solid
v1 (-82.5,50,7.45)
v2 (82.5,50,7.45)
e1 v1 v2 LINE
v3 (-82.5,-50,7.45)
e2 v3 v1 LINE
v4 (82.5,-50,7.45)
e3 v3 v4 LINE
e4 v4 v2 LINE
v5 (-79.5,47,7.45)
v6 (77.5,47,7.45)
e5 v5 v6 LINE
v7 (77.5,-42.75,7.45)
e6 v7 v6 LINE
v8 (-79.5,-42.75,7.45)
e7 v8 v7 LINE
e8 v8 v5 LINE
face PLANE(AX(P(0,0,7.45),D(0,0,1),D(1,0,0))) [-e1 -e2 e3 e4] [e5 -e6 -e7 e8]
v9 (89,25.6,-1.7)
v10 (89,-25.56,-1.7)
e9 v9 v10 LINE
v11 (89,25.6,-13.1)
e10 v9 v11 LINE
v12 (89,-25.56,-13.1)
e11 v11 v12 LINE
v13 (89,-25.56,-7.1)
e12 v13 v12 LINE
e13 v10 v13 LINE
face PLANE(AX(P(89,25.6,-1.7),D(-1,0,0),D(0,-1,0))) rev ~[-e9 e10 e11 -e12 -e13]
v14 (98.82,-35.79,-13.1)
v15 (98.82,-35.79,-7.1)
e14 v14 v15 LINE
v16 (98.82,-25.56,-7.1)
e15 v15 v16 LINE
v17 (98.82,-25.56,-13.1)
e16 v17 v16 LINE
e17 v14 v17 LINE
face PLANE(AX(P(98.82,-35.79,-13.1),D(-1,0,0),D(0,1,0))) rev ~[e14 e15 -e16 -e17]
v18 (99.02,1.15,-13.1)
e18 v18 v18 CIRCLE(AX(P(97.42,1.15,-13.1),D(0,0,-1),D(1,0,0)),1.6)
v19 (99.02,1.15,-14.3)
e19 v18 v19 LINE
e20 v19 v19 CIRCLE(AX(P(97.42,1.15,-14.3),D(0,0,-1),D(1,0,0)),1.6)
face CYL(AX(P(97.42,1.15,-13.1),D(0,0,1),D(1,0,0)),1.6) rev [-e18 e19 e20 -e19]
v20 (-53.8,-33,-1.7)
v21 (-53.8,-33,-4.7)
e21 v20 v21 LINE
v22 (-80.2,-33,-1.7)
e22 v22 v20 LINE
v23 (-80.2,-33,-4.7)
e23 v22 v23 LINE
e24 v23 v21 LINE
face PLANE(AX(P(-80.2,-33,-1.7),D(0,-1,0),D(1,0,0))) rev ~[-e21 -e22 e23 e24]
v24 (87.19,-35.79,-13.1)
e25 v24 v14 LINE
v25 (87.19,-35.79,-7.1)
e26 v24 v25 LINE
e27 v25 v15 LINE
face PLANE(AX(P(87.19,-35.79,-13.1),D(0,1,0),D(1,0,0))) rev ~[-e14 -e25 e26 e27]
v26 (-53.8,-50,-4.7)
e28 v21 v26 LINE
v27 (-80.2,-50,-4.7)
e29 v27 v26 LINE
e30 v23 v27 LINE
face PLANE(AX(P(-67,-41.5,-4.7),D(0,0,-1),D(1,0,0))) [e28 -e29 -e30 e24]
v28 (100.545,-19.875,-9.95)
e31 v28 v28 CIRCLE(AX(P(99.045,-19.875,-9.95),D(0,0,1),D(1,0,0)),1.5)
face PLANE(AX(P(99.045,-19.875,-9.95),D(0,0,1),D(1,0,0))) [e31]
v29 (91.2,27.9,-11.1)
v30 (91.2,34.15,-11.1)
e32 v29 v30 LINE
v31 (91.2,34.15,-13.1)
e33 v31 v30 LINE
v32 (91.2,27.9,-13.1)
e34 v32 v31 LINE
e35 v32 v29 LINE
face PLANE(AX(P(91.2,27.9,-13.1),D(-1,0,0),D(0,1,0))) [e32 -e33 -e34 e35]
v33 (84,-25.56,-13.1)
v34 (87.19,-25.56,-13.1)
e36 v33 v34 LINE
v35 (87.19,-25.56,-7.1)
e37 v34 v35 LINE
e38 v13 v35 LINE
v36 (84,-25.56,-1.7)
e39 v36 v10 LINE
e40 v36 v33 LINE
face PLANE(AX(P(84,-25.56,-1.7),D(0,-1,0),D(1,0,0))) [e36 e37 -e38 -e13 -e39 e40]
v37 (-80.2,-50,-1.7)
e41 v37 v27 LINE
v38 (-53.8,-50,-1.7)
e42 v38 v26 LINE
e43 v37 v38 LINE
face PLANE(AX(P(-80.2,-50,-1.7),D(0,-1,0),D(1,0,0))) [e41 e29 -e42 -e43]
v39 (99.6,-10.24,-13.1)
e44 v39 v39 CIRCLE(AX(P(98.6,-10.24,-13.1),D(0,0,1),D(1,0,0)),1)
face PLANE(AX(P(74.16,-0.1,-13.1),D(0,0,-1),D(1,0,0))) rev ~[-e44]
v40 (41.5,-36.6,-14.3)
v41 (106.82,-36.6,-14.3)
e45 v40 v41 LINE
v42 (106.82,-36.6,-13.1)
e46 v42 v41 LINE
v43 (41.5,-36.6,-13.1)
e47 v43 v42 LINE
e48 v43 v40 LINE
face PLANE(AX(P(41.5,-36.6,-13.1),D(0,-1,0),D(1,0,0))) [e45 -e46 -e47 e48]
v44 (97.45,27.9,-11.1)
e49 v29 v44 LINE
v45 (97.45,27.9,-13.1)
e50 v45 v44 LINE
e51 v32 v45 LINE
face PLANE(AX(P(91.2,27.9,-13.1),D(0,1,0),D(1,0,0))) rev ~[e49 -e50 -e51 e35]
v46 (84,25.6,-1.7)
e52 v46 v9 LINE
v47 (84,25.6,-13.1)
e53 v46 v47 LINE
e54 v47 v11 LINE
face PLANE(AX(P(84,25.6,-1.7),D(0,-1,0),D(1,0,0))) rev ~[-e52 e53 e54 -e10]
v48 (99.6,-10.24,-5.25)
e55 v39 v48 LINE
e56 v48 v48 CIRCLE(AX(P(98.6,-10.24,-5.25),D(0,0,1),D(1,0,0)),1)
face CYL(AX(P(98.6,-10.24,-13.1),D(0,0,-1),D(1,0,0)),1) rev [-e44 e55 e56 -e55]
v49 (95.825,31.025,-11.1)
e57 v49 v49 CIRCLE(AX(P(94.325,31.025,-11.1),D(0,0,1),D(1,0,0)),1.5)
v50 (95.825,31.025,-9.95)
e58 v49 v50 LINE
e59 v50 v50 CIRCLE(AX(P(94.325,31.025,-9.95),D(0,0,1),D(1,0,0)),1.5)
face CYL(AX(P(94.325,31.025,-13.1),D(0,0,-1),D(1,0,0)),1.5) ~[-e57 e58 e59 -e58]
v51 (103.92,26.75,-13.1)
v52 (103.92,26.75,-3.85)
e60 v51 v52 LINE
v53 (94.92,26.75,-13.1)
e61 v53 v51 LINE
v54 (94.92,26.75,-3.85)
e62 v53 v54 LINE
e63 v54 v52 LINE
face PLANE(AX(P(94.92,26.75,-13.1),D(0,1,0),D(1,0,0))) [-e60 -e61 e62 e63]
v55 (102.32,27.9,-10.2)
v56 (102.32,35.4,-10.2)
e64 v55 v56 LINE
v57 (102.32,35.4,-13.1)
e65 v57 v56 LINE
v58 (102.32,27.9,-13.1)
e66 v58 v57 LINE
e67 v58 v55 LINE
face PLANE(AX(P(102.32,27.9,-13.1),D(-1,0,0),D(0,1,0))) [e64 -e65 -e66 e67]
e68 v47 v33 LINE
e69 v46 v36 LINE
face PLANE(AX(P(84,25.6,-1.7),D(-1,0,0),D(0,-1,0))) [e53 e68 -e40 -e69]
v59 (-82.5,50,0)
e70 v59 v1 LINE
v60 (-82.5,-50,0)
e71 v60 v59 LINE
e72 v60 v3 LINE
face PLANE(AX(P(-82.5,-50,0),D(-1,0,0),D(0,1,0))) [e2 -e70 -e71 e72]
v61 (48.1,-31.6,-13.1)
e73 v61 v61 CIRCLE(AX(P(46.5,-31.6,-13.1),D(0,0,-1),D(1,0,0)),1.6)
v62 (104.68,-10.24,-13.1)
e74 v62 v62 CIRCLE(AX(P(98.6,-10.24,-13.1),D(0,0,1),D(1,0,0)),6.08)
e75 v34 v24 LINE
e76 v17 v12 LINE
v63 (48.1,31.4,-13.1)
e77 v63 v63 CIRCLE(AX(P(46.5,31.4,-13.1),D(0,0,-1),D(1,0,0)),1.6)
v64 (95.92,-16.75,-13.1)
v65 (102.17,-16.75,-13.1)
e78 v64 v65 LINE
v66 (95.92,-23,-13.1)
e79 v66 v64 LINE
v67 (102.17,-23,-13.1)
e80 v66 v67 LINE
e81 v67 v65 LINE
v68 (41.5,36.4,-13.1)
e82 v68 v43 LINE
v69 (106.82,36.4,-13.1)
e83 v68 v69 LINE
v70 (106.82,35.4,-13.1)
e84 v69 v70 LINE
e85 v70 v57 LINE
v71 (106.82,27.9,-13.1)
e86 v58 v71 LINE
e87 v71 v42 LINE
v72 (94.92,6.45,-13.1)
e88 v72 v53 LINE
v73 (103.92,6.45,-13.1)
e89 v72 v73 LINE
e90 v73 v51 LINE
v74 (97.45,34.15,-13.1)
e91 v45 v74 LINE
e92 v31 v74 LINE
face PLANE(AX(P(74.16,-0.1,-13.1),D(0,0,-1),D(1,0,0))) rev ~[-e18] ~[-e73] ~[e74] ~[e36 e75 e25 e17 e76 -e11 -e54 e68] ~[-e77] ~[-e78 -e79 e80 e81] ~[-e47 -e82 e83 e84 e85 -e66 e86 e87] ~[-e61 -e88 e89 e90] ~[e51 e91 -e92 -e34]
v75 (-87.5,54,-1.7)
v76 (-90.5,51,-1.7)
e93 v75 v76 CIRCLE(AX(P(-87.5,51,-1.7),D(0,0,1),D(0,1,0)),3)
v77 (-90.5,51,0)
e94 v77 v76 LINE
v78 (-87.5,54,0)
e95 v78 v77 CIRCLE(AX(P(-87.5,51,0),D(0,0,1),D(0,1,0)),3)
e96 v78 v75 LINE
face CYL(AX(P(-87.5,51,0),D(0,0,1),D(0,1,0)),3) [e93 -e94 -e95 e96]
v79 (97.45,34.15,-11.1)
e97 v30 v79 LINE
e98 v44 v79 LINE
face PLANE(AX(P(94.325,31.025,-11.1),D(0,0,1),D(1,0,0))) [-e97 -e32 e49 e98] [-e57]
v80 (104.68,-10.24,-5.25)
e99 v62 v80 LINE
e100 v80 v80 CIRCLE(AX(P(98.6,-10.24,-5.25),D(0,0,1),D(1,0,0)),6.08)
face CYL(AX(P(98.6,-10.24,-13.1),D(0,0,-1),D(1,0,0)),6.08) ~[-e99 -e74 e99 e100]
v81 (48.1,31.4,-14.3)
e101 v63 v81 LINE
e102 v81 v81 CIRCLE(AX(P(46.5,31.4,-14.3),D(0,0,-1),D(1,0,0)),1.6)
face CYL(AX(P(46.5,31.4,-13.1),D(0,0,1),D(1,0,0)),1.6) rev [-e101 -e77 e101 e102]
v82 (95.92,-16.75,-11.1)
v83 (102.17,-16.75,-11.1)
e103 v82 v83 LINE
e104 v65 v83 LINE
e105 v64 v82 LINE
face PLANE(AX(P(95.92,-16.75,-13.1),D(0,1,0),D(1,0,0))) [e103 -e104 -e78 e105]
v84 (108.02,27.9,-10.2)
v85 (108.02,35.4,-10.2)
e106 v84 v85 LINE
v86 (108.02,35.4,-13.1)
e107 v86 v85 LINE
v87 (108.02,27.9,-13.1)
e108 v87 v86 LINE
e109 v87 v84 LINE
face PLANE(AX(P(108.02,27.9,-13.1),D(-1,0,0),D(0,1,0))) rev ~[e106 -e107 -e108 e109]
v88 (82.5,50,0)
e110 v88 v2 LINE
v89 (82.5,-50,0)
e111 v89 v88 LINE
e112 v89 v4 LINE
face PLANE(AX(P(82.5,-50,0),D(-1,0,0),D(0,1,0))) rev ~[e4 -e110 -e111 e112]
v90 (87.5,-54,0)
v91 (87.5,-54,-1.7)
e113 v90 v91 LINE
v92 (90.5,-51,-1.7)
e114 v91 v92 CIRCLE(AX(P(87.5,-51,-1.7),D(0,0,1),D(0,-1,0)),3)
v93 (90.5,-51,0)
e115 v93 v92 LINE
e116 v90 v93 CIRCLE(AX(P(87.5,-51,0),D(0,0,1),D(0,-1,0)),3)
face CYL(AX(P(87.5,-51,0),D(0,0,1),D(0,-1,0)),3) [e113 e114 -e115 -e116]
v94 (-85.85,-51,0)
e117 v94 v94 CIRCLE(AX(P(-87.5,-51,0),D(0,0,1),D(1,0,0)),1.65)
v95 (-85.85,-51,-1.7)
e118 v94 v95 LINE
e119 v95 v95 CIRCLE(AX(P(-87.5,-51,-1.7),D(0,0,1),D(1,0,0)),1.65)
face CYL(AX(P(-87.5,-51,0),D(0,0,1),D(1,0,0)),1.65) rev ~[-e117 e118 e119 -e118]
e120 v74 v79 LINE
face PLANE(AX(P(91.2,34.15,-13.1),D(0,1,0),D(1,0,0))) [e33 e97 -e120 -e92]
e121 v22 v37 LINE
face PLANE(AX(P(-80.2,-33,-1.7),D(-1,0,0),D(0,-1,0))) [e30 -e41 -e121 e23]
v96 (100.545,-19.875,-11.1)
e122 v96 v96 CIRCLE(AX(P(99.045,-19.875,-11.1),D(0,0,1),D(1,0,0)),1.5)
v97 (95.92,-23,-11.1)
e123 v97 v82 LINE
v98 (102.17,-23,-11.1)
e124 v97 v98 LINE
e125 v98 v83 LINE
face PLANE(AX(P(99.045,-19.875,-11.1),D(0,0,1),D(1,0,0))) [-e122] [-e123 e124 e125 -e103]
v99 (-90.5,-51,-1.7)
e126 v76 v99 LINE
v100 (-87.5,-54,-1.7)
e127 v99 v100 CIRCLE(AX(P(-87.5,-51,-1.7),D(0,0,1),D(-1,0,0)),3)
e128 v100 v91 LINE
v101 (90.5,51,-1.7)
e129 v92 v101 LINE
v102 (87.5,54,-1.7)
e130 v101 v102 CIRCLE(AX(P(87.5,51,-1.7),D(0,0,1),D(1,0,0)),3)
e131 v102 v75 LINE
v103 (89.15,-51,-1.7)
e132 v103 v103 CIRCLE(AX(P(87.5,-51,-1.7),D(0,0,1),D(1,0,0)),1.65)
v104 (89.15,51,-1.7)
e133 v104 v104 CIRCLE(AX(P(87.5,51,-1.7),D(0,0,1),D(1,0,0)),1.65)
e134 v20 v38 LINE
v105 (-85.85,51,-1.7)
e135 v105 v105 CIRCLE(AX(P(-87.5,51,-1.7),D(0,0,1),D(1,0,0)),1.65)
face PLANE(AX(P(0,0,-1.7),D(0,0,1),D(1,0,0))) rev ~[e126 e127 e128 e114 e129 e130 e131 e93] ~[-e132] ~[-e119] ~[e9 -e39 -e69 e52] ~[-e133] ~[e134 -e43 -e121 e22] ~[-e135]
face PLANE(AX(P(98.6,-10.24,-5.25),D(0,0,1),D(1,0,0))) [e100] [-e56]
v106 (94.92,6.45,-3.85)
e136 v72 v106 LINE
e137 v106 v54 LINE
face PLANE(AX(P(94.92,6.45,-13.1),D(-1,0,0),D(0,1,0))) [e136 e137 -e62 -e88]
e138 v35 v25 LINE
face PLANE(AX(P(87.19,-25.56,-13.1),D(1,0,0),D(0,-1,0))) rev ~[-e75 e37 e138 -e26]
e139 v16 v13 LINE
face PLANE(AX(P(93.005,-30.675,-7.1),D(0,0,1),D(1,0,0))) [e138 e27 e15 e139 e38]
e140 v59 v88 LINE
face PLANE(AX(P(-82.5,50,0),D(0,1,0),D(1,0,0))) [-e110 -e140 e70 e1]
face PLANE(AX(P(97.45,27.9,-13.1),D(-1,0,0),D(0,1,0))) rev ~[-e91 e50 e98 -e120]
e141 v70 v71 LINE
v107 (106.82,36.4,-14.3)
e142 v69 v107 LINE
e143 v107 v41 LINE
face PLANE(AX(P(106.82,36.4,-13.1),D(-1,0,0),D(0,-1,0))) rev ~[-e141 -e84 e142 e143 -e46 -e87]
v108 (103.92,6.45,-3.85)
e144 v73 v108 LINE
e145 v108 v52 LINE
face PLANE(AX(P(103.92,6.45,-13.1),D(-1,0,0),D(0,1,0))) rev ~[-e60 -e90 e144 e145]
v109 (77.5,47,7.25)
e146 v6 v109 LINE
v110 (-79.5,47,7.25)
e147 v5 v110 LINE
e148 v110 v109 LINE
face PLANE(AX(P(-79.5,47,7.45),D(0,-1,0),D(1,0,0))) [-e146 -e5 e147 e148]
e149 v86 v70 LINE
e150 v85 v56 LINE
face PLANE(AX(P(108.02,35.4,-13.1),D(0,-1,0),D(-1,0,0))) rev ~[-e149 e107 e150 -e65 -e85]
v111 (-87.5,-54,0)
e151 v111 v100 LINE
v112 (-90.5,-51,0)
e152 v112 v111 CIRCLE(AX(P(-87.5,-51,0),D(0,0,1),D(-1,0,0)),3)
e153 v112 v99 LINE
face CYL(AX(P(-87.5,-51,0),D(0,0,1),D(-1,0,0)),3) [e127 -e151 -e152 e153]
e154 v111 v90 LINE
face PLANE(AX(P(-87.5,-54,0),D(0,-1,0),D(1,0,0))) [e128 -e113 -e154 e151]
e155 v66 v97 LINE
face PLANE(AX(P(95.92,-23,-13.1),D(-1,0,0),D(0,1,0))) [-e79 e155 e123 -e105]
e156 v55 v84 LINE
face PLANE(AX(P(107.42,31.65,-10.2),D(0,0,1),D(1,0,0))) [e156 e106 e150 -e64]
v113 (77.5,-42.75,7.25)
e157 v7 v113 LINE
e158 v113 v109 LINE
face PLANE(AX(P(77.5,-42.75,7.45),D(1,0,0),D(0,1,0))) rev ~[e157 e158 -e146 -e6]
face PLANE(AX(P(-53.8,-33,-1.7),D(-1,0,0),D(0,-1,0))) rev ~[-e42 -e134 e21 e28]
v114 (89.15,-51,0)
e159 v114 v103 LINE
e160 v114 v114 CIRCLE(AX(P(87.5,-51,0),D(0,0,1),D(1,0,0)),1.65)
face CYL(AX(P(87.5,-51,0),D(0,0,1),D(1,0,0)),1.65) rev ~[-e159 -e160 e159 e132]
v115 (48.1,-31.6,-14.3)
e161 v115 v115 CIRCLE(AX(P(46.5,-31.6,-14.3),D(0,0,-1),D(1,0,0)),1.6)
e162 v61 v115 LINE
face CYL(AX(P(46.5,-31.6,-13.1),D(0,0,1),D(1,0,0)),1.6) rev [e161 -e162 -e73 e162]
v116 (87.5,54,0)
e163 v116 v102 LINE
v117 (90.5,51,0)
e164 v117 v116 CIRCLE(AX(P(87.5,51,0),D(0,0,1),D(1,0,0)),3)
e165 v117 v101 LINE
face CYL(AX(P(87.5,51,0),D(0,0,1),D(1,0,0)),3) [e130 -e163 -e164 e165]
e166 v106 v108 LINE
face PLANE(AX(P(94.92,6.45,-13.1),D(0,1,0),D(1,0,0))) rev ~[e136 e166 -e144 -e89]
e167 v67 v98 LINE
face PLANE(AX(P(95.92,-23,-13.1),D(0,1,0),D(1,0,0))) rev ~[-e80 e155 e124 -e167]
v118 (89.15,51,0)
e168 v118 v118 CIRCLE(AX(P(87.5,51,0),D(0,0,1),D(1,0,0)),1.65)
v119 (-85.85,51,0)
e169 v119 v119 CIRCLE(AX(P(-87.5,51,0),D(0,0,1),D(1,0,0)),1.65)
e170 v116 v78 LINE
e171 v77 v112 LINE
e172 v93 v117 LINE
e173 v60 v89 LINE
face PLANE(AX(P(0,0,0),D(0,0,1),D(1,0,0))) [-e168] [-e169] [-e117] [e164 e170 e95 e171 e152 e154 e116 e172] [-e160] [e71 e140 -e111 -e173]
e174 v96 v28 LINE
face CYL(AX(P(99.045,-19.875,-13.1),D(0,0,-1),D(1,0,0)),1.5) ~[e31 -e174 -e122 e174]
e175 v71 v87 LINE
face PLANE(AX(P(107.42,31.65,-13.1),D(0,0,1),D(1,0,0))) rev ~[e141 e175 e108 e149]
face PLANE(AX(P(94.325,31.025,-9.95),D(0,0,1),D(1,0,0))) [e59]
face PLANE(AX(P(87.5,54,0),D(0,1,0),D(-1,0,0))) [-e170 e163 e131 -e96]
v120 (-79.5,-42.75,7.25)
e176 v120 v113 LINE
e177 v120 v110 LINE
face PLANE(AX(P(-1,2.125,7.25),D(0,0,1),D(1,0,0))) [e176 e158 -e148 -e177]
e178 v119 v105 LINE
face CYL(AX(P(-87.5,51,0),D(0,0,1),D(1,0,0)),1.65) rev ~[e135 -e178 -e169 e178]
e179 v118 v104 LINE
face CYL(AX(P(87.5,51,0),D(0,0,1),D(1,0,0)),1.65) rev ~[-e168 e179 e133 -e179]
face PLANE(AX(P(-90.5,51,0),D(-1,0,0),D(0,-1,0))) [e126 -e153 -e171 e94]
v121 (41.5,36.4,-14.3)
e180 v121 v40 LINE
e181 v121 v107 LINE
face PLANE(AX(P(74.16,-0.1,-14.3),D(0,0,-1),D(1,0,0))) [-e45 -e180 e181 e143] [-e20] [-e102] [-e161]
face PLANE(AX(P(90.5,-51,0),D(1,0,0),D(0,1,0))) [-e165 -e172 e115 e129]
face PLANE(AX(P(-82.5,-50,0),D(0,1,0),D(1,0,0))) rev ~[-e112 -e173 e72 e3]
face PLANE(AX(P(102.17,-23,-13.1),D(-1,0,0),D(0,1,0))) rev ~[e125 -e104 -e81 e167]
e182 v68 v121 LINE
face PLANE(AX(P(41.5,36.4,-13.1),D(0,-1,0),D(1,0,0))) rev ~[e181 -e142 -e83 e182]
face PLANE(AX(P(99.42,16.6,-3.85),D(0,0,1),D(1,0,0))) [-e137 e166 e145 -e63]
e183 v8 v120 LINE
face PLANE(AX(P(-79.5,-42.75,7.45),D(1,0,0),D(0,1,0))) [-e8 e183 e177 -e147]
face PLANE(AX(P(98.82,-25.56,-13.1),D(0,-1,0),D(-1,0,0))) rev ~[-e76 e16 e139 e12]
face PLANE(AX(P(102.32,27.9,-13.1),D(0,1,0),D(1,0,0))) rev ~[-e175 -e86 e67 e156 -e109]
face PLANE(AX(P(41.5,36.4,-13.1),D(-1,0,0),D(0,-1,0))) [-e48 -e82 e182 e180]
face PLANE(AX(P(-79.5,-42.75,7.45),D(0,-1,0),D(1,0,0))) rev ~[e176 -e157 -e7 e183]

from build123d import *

# Parameters (mm, degrees)
F0_R      = 1.65
F0_W      = 165
F0_H      = 100
F1_DEPTH  = 1.7
F2_DEPTH  = 7.45
F3_W      = 157
F3_H      = 89.75
F4_DEPTH  = 0.2
F5_W      = 5
F5_H      = 51.16
F6_DEPTH  = 11.4
F5_W_2    = 26.4
F5_H_2    = 17
F7_DEPTH  = 3
F8_W      = 65.32
F8_H      = 73
F8_R      = 1.6
F8_W_2    = 5
F8_H_2    = 51.16
F9_DEPTH  = 1.2
F11_DEPTH = 6
F10_R     = 6.08
F10_R_2   = 1
F12_DEPTH = 7.85
F10_W     = 9
F10_H     = 20.3
F13_DEPTH = 9.25
F10_R_3   = 1.5
F14_DEPTH = 3.15
F10_W_2   = 6.25
F10_H_2   = 6.25
F15_DEPTH = 2
F10_W_3   = 1.2
F10_H_3   = 7.5
F10_W_4   = 4.5
F16_DEPTH = 2.9


with BuildPart() as f1:
    # F0 (on Top) → F1 (new body)
    with BuildSketch(Plane.XY):
        with BuildLine():
            Line((-87.5, -54), (87.5, -54))
            ThreePointArc((87.5, -54), (89.6213203436, -53.1213203436), (90.5, -51))
            Line((90.5, -51), (90.5, 51))
            ThreePointArc((90.5, 51), (89.6213203436, 53.1213203436), (87.5, 54))
            Line((87.5, 54), (-87.5, 54))
            ThreePointArc((-87.5, 54), (-89.6213203436, 53.1213203436), (-90.5, 51))
            Line((-90.5, 51), (-90.5, -51))
            ThreePointArc((-90.5, -51), (-89.6213203436, -53.1213203436), (-87.5, -54))
        make_face()
        with Locations((-87.5, -51)):
            Circle(F0_R, mode=Mode.SUBTRACT)
        with Locations((87.5, -51)):
            Circle(F0_R, mode=Mode.SUBTRACT)
        with Locations((-87.5, 51)):
            Circle(F0_R, mode=Mode.SUBTRACT)
        Rectangle(F0_W, F0_H, mode=Mode.SUBTRACT)
        with Locations((87.5, 51)):
            Circle(F0_R, mode=Mode.SUBTRACT)
        Rectangle(F0_W, F0_H)
    extrude(amount=-F1_DEPTH)

    # F0 (on Top) → F2 (join)
    with BuildSketch(Plane.XY):
        Rectangle(F0_W, F0_H)
    extrude(amount=F2_DEPTH)

    # F3 (on face) → F4 (cut)
    with BuildSketch(Plane.XY.offset(7.45)):
        with Locations((-1, 2.125)):
            Rectangle(F3_W, F3_H)
    extrude(amount=-F4_DEPTH, mode=Mode.SUBTRACT)

    # F5 (on face) → F6 (join)
    with BuildSketch(Plane(origin=(0, 0, -1.7), x_dir=(1, 0, 0), z_dir=(0, 0, -1))):
        with Locations((86.5, -0.02)):
            Rectangle(F5_W, F5_H)
    extrude(amount=F6_DEPTH)

    # F5 (on face) → F7 (join)
    with BuildSketch(Plane(origin=(0, 0, -1.7), x_dir=(1, 0, 0), z_dir=(0, 0, -1))):
        with Locations((-67, 41.5)):
            Rectangle(F5_W_2, F5_H_2)
    extrude(amount=F7_DEPTH)

    # F8 (on face) → F9 (join)
    with BuildSketch(Plane(origin=(0, 0, -13.1), x_dir=(1, 0, 0), z_dir=(0, 0, -1))):
        with Locations((74.16, 0.1)):
            Rectangle(F8_W, F8_H)
        with Locations((46.5, -31.4)):
            Circle(F8_R, mode=Mode.SUBTRACT)
        with Locations((86.5, -0.02)):
            Rectangle(F8_W_2, F8_H_2, mode=Mode.SUBTRACT)
        with Locations((97.42, -1.15)):
            Circle(F8_R, mode=Mode.SUBTRACT)
        with Locations((46.5, 31.6)):
            Circle(F8_R, mode=Mode.SUBTRACT)
        with Locations((86.5, -0.02)):
            Rectangle(F8_W_2, F8_H_2)
    extrude(amount=F9_DEPTH)

    # F10 (on face) → F11 (join)
    with BuildSketch(Plane.XY.offset(-13.1)):
        Polygon((89, -25.56), (87.19, -25.56), (87.19, -35.79), (98.82, -35.79), (98.82, -25.56), align=None)
    extrude(amount=F11_DEPTH)

    # F10 (on face) → F12 (join)
    with BuildSketch(Plane.XY.offset(-13.1)):
        with Locations((98.6, -10.24)):
            Circle(F10_R)
        with Locations((98.6, -10.24)):
            Circle(F10_R_2, mode=Mode.SUBTRACT)
    extrude(amount=F12_DEPTH)

    # F10 (on face) → F13 (join)
    with BuildSketch(Plane.XY.offset(-13.1)):
        with Locations((99.42, 16.6)):
            Rectangle(F10_W, F10_H)
    extrude(amount=F13_DEPTH)

    # F10 (on face) → F14 (join)
    with BuildSketch(Plane.XY.offset(-13.1)):
        with Locations((94.325, 31.025)):
            Circle(F10_R_3)
        with Locations((99.045, -19.875)):
            Circle(F10_R_3)
    extrude(amount=F14_DEPTH)

    # F10 (on face) → F15 (join)
    with BuildSketch(Plane.XY.offset(-13.1)):
        with Locations((94.325, 31.025)):
            Rectangle(F10_W_2, F10_H_2)
        with Locations((94.325, 31.025)):
            Circle(F10_R_3, mode=Mode.SUBTRACT)
        with Locations((99.045, -19.875)):
            Rectangle(F10_W_2, F10_H_2)
        with Locations((99.045, -19.875)):
            Circle(F10_R_3, mode=Mode.SUBTRACT)
    extrude(amount=F15_DEPTH)

    # F10 (on face) → F16 (join)
    with BuildSketch(Plane.XY.offset(-13.1)):
        with Locations((107.42, 31.65)):
            Rectangle(F10_W_3, F10_H_3)
        with Locations((104.57, 31.65)):
            Rectangle(F10_W_4, F10_H_3)
    extrude(amount=F16_DEPTH)


solid = f1.part
